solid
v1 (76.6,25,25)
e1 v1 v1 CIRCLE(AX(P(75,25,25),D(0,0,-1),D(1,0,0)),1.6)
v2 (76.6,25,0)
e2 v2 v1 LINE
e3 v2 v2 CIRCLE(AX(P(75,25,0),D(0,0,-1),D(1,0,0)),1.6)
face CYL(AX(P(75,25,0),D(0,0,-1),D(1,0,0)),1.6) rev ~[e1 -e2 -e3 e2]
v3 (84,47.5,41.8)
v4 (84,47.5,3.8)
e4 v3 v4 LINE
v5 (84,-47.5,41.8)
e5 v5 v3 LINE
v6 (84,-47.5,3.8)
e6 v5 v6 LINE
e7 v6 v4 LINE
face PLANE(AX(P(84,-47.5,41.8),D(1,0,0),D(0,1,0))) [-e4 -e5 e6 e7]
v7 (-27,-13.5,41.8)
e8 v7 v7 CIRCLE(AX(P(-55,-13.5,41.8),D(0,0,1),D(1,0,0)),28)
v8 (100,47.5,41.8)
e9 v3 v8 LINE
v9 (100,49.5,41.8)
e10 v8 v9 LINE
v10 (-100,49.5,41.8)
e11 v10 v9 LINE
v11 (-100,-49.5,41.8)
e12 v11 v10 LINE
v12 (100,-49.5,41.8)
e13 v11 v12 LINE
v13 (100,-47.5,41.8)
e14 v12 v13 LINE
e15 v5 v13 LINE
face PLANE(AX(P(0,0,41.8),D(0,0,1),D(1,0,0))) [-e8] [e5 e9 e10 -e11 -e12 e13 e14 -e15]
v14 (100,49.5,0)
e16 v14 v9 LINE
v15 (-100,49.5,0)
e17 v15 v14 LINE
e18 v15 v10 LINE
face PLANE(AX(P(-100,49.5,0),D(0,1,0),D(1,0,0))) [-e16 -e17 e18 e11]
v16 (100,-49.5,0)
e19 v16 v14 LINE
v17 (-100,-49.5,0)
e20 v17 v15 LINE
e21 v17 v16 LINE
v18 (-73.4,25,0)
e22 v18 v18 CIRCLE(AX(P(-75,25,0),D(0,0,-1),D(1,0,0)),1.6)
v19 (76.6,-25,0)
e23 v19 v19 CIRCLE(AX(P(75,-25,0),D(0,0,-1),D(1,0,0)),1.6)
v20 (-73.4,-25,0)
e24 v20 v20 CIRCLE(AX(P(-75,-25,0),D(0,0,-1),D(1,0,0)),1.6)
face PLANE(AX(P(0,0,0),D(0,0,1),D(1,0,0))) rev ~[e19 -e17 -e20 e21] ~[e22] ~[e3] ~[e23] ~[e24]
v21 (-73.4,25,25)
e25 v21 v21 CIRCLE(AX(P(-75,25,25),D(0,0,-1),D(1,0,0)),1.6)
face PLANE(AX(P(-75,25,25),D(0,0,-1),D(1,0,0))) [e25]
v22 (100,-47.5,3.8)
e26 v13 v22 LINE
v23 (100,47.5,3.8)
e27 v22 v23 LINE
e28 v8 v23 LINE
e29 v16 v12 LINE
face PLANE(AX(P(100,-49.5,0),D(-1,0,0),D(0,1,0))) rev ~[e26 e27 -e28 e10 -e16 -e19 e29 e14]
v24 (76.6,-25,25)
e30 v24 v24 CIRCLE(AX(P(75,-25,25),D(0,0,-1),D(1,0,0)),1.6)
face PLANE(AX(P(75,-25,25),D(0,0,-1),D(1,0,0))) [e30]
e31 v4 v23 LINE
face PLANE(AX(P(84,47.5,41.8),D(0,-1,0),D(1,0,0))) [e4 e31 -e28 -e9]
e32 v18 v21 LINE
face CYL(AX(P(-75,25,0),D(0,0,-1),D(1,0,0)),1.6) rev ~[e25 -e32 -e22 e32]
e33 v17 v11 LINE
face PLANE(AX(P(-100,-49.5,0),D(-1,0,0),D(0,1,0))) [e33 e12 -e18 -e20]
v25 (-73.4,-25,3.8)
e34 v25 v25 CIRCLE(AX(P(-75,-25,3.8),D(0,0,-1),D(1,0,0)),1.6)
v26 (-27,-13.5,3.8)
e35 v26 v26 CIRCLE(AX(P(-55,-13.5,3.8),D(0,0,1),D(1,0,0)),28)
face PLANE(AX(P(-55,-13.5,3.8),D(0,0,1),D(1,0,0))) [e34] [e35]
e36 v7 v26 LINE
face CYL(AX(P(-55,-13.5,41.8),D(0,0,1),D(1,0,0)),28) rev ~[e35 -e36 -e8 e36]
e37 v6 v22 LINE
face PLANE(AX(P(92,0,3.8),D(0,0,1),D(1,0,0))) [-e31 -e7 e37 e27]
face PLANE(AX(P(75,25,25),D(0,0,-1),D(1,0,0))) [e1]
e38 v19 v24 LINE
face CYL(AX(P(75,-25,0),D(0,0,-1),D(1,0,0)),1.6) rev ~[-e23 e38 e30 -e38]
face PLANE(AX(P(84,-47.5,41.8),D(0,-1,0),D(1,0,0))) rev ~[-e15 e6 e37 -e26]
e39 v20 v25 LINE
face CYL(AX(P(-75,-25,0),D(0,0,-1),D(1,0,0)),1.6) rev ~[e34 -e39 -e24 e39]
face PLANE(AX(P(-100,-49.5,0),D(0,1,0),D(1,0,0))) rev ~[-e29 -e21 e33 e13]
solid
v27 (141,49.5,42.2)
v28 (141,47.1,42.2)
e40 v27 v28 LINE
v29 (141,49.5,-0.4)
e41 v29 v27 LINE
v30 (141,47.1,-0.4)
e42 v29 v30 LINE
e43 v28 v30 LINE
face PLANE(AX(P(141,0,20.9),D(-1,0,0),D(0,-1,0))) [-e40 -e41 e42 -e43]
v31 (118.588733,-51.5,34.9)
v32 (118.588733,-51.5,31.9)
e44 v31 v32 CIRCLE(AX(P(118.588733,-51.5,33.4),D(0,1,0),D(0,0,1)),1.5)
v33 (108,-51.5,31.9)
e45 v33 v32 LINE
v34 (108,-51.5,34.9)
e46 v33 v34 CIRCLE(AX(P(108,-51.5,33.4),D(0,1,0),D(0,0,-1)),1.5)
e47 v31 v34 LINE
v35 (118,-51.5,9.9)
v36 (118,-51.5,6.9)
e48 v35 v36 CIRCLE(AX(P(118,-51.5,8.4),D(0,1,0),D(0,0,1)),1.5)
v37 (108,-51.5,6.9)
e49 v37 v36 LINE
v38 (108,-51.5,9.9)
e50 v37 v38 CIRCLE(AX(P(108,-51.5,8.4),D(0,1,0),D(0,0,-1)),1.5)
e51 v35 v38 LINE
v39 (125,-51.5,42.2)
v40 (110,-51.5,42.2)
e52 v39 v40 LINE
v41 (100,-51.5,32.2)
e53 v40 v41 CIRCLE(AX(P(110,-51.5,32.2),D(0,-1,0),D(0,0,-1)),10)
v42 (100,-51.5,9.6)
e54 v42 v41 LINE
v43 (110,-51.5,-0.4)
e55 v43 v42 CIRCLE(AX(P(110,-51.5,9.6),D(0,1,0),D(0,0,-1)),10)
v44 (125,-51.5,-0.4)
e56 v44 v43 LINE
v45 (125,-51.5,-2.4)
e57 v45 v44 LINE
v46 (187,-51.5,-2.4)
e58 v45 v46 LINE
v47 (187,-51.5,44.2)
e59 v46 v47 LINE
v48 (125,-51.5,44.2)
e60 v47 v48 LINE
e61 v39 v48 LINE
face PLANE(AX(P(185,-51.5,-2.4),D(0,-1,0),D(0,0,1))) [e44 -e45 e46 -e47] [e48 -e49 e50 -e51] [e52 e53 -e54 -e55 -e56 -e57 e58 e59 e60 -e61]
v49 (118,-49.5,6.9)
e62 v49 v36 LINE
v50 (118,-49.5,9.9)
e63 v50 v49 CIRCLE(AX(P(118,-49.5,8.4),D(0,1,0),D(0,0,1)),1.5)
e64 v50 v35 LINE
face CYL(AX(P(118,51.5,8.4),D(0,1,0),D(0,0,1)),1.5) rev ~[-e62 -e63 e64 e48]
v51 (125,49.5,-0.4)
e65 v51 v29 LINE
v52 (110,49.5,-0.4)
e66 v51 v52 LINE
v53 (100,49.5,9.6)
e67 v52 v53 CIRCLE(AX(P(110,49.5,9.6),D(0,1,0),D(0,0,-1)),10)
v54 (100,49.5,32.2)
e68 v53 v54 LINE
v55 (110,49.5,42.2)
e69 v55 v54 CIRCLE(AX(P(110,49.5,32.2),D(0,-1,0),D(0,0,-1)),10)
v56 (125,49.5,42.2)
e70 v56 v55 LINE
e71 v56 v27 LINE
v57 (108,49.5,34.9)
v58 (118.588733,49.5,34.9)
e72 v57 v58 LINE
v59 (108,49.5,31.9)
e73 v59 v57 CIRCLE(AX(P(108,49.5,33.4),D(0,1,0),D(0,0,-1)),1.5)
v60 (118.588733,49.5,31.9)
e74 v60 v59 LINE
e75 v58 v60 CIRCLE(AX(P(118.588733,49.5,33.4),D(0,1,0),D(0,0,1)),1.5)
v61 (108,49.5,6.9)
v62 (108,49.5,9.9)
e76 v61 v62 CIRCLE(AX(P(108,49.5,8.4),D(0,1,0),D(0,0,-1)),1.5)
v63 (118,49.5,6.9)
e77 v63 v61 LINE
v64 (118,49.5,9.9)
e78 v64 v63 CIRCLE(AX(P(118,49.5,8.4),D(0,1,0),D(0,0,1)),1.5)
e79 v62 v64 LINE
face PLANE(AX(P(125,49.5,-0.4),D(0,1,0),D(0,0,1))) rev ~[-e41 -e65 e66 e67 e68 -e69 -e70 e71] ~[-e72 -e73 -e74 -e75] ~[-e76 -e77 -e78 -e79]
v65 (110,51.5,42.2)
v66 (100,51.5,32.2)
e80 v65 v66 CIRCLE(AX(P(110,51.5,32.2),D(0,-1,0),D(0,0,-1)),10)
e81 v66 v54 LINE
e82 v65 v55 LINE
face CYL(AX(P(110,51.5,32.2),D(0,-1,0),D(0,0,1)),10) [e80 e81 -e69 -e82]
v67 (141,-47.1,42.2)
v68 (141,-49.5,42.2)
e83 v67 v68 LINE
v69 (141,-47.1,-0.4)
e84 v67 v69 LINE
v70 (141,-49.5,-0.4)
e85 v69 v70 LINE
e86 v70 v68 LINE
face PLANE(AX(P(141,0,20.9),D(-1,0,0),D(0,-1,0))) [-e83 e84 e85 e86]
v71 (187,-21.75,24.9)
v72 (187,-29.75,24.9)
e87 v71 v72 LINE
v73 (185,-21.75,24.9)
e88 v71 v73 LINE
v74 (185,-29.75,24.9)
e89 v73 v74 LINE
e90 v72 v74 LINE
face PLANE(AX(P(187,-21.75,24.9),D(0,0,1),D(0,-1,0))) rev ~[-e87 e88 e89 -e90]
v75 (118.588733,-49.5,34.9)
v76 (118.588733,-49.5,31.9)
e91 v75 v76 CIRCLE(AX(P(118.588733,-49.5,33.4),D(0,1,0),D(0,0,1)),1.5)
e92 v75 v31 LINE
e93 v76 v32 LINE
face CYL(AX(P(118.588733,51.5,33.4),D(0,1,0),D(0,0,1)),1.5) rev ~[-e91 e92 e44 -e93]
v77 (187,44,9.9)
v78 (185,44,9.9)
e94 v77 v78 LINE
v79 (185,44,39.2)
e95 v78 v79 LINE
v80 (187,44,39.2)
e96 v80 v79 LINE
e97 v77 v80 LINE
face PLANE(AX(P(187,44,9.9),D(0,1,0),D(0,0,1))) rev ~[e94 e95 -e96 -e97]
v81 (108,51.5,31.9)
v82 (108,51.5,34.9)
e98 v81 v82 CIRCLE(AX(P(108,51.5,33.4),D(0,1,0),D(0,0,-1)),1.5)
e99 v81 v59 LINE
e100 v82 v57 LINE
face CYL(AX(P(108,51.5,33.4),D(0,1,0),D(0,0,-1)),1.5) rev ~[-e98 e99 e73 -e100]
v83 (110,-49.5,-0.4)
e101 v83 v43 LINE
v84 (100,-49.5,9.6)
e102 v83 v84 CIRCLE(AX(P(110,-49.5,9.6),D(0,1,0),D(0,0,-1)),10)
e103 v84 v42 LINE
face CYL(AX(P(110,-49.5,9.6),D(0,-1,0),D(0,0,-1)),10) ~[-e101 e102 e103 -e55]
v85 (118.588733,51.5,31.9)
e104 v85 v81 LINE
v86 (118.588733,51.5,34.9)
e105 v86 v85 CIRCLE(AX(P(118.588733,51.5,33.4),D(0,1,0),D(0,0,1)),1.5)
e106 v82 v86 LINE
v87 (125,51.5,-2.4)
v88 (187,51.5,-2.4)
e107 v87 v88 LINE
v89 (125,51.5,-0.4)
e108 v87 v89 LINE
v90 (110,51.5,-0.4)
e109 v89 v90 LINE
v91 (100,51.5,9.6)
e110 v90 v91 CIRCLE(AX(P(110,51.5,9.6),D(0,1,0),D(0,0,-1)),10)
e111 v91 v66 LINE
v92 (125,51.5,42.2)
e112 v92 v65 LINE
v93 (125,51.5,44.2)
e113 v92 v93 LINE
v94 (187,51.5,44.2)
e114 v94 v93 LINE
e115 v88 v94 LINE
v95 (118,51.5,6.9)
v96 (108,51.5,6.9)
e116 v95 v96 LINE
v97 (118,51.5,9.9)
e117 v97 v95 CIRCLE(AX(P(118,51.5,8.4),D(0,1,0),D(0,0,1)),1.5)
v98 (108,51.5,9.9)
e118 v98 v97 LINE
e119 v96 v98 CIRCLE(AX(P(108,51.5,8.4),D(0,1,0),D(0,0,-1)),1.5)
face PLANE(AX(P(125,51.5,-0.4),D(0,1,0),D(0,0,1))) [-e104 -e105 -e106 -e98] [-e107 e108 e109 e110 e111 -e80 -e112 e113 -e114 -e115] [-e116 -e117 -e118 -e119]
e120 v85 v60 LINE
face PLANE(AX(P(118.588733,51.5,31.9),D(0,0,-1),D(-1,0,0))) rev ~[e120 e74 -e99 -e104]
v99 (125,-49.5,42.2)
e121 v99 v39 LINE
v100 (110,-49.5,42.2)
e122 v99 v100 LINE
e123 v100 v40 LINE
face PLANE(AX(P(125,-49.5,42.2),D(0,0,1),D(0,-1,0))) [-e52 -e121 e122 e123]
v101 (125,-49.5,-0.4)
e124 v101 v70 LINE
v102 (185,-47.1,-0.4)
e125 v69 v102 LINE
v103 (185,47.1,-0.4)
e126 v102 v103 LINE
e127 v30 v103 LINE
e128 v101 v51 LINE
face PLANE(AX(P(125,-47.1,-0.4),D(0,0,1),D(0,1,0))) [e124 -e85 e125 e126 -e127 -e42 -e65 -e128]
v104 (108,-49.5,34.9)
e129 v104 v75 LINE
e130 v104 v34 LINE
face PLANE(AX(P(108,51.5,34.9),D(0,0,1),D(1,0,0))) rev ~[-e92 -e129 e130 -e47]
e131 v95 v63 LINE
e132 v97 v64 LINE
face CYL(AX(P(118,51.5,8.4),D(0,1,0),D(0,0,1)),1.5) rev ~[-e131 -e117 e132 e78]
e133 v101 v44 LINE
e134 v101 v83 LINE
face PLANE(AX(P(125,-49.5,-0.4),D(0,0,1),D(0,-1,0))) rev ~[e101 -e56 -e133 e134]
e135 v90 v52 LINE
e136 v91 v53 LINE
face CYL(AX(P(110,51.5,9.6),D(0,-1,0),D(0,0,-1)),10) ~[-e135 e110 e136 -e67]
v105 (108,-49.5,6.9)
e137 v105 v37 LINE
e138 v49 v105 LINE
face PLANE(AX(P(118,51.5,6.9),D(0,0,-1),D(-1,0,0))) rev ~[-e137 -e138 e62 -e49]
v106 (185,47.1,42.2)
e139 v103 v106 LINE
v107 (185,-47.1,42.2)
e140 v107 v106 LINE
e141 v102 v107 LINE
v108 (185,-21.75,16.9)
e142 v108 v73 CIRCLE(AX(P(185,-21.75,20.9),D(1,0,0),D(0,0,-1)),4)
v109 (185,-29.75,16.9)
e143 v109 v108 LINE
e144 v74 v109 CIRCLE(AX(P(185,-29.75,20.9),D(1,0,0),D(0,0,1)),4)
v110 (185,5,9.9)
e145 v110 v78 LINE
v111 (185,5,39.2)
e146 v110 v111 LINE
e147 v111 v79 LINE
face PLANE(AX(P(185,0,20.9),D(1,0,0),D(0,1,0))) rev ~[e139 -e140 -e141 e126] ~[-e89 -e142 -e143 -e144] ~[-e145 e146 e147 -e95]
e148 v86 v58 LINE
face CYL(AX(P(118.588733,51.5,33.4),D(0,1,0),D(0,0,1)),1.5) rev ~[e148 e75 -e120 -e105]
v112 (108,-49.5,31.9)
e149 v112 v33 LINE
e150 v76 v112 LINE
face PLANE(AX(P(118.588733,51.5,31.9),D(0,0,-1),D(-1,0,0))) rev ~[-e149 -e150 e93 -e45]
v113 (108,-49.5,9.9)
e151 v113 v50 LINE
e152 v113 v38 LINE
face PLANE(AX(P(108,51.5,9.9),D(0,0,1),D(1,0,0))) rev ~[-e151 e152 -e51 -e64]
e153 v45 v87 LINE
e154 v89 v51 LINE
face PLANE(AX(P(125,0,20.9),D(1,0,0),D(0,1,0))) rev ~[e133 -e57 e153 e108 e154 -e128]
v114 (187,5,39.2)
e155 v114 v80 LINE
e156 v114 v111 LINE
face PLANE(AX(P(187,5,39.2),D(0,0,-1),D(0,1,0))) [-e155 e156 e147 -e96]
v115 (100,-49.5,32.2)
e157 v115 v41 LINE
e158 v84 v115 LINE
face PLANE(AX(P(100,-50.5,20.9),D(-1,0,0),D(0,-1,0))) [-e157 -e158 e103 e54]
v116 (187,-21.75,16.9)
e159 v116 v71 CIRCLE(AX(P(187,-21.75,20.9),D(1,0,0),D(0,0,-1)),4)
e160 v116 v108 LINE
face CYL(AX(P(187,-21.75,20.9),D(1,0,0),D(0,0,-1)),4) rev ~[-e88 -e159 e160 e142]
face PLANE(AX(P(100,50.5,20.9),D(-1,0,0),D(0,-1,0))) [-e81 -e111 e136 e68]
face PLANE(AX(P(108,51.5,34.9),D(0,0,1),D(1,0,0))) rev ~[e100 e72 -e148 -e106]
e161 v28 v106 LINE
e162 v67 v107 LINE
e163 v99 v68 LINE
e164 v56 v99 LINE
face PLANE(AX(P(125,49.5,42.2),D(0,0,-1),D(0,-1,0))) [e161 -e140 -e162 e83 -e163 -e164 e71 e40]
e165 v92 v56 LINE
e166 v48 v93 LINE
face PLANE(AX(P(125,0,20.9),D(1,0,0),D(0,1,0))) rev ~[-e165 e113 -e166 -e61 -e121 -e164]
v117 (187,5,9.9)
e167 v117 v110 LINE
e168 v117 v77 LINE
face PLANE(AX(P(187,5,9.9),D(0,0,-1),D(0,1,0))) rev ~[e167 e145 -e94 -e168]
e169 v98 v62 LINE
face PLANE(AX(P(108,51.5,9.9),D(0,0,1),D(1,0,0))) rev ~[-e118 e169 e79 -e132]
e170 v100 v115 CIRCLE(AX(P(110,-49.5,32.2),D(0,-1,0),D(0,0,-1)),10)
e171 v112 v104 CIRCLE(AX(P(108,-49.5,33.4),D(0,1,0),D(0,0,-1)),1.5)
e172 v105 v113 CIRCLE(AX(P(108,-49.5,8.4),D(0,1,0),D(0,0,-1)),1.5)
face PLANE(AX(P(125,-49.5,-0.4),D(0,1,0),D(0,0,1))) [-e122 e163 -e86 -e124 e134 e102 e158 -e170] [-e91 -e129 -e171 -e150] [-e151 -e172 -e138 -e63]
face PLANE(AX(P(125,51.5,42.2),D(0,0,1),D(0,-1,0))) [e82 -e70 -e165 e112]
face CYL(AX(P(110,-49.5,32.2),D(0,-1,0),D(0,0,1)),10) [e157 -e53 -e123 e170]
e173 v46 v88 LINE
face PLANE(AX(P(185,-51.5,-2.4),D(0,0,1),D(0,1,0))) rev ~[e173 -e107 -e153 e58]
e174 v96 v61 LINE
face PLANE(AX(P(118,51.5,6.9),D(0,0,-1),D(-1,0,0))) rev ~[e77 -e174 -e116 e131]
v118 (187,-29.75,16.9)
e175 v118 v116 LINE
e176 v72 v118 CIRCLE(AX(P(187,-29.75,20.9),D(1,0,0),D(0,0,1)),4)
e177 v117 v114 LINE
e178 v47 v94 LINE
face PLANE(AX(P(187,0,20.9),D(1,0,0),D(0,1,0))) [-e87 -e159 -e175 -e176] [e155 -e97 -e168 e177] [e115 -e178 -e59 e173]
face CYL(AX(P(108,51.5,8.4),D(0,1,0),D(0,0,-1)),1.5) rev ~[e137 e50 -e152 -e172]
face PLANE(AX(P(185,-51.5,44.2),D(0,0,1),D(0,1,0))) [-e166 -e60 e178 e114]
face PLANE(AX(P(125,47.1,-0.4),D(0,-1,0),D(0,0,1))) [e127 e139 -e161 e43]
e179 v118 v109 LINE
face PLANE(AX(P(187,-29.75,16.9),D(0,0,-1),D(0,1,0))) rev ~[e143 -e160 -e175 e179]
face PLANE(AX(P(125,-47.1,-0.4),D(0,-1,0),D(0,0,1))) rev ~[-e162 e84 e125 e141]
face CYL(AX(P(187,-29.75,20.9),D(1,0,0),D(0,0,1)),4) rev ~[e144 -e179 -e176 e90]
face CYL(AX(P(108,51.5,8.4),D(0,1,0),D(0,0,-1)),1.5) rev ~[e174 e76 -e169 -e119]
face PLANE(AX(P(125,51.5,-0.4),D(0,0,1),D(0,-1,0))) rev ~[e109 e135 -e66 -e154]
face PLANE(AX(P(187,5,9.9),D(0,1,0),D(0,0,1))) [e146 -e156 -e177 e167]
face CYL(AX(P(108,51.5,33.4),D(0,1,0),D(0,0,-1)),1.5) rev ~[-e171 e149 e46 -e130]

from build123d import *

# Parameters (mm, degrees)
F0_W      = 200
F0_H      = 99
F1_DEPTH  = 41.8
F2_W      = 16
F2_H      = 95
F2_R      = 28
F3_DEPTH  = 38
F4_R      = 1.6
F5_DEPTH  = 25
F7_W      = 103
F7_H      = 46.6
F7_W_2    = 94.2
F7_H_2    = 42.6
F8_DEPTH  = 60
F9_W      = 103
F9_H      = 46.6
F9_W_2    = 94.2
F9_H_2    = 42.6
F10_DEPTH = 2
F11_W     = 39
F11_H     = 29.3
F12_DEPTH = 2
F13_W     = 99
F13_H     = 42.6
F14_DEPTH = 16
F15_W     = 2
F15_H     = 42.6
F16_DEPTH = 25
F17_R     = 10
F19_DEPTH = 103.001


with BuildPart() as f1:
    # F0 (on Top) → F1 (new body)
    with BuildSketch(Plane.XY):
        Rectangle(F0_W, F0_H)
    extrude(amount=F1_DEPTH)

    # F2 (on face) → F3 (cut)
    with BuildSketch(Plane.XY.offset(41.8)):
        with Locations((92, 0)):
            Rectangle(F2_W, F2_H)
        with Locations((-55, -13.5)):
            Circle(F2_R)
    extrude(amount=-F3_DEPTH, mode=Mode.SUBTRACT)

    # F4 (on face) → F5 (cut)
    with BuildSketch(Plane(origin=(0, 0, 0), x_dir=(1, 0, 0), z_dir=(0, 0, -1))):
        with Locations((-75, 25)):
            Circle(F4_R)
        with Locations((75, 25)):
            Circle(F4_R)
        with Locations((-75, -25)):
            Circle(F4_R)
        with Locations((75, -25)):
            Circle(F4_R)
    extrude(amount=-F5_DEPTH, mode=Mode.SUBTRACT)



with BuildPart() as f8:
    # F7 (on offset) → F8 (new body)
    with BuildSketch(Plane.YZ.offset(125)):
        with Locations((0, 20.9)):
            Rectangle(F7_W, F7_H)
        with Locations((0, 20.9)):
            Rectangle(F7_W_2, F7_H_2, mode=Mode.SUBTRACT)
    extrude(amount=F8_DEPTH)

    # F9 (on face) → F10 (join)
    with BuildSketch(Plane.YZ.offset(185)):
        with Locations((0, 20.9)):
            Rectangle(F9_W, F9_H)
        with Locations((0, 20.9)):
            Rectangle(F9_W_2, F9_H_2, mode=Mode.SUBTRACT)
        with Locations((0, 20.9)):
            Rectangle(F9_W_2, F9_H_2)
    extrude(amount=F10_DEPTH)

    # F11 (on face) → F12 (cut, through all)
    with BuildSketch(Plane.YZ.offset(187)):
        with Locations((24.5, 24.55)):
            Rectangle(F11_W, F11_H)
        with BuildLine():
            ThreePointArc((-29.75, 24.9), (-33.75, 20.9), (-29.75, 16.9))
            Line((-29.75, 16.9), (-21.75, 16.9))
            ThreePointArc((-21.75, 16.9), (-17.75, 20.9), (-21.75, 24.9))
            Line((-21.75, 24.9), (-29.75, 24.9))
        make_face()
    extrude(amount=-F12_DEPTH, mode=Mode.SUBTRACT)

    # F13 (on face) → F14 (cut)
    with BuildSketch(Plane(origin=(125, 0, 0), x_dir=(0, -1, 0), z_dir=(-1, 0, 0))):
        with Locations((0, 20.9)):
            Rectangle(F13_W, F13_H)
    extrude(amount=-F14_DEPTH, mode=Mode.SUBTRACT)


with BuildPart() as f1_1:
    add(f1.part)

    add(f8.part)  # F16 merges F8
    # F15 (on face) → F16 (join)
    with BuildSketch(Plane(origin=(125, 0, 0), x_dir=(0, -1, 0), z_dir=(-1, 0, 0))):
        with Locations((-50.5, 20.9)):
            Rectangle(F15_W, F15_H)
        with Locations((50.5, 20.9)):
            Rectangle(F15_W, F15_H)
    extrude(amount=F16_DEPTH)

    # F17
    f17_edges = [f1_1.edges().sort_by_distance(p)[0] for p in [
        (100, 50.5, 42.2),
        (100, 50.5, -0.4),
        (100, -50.5, 42.2),
        (100, -50.5, -0.4),
    ]]
    fillet(f17_edges, radius=F17_R)

    # F18 (on face) → F19 (cut, through all)
    with BuildSketch(Plane(origin=(0, 51.5, 0), x_dir=(-1, 0, 0), z_dir=(0, 1, 0))):
        with BuildLine():
            ThreePointArc((-118.5887327194, 34.9), (-120.0887327194, 33.4), (-118.5887327194, 31.9))
            Line((-118.5887327194, 31.9), (-108, 31.9))
            ThreePointArc((-108, 31.9), (-106.5, 33.4), (-108, 34.9))
            Line((-108, 34.9), (-118.5887327194, 34.9))
        make_face()
        with BuildLine():
            ThreePointArc((-118, 9.9), (-119.5, 8.4), (-118, 6.9))
            Line((-118, 6.9), (-108, 6.9))
            ThreePointArc((-108, 6.9), (-106.5, 8.4), (-108, 9.9))
            Line((-108, 9.9), (-118, 9.9))
        make_face()
    extrude(amount=-F19_DEPTH, mode=Mode.SUBTRACT)


solid = f1_1.part
